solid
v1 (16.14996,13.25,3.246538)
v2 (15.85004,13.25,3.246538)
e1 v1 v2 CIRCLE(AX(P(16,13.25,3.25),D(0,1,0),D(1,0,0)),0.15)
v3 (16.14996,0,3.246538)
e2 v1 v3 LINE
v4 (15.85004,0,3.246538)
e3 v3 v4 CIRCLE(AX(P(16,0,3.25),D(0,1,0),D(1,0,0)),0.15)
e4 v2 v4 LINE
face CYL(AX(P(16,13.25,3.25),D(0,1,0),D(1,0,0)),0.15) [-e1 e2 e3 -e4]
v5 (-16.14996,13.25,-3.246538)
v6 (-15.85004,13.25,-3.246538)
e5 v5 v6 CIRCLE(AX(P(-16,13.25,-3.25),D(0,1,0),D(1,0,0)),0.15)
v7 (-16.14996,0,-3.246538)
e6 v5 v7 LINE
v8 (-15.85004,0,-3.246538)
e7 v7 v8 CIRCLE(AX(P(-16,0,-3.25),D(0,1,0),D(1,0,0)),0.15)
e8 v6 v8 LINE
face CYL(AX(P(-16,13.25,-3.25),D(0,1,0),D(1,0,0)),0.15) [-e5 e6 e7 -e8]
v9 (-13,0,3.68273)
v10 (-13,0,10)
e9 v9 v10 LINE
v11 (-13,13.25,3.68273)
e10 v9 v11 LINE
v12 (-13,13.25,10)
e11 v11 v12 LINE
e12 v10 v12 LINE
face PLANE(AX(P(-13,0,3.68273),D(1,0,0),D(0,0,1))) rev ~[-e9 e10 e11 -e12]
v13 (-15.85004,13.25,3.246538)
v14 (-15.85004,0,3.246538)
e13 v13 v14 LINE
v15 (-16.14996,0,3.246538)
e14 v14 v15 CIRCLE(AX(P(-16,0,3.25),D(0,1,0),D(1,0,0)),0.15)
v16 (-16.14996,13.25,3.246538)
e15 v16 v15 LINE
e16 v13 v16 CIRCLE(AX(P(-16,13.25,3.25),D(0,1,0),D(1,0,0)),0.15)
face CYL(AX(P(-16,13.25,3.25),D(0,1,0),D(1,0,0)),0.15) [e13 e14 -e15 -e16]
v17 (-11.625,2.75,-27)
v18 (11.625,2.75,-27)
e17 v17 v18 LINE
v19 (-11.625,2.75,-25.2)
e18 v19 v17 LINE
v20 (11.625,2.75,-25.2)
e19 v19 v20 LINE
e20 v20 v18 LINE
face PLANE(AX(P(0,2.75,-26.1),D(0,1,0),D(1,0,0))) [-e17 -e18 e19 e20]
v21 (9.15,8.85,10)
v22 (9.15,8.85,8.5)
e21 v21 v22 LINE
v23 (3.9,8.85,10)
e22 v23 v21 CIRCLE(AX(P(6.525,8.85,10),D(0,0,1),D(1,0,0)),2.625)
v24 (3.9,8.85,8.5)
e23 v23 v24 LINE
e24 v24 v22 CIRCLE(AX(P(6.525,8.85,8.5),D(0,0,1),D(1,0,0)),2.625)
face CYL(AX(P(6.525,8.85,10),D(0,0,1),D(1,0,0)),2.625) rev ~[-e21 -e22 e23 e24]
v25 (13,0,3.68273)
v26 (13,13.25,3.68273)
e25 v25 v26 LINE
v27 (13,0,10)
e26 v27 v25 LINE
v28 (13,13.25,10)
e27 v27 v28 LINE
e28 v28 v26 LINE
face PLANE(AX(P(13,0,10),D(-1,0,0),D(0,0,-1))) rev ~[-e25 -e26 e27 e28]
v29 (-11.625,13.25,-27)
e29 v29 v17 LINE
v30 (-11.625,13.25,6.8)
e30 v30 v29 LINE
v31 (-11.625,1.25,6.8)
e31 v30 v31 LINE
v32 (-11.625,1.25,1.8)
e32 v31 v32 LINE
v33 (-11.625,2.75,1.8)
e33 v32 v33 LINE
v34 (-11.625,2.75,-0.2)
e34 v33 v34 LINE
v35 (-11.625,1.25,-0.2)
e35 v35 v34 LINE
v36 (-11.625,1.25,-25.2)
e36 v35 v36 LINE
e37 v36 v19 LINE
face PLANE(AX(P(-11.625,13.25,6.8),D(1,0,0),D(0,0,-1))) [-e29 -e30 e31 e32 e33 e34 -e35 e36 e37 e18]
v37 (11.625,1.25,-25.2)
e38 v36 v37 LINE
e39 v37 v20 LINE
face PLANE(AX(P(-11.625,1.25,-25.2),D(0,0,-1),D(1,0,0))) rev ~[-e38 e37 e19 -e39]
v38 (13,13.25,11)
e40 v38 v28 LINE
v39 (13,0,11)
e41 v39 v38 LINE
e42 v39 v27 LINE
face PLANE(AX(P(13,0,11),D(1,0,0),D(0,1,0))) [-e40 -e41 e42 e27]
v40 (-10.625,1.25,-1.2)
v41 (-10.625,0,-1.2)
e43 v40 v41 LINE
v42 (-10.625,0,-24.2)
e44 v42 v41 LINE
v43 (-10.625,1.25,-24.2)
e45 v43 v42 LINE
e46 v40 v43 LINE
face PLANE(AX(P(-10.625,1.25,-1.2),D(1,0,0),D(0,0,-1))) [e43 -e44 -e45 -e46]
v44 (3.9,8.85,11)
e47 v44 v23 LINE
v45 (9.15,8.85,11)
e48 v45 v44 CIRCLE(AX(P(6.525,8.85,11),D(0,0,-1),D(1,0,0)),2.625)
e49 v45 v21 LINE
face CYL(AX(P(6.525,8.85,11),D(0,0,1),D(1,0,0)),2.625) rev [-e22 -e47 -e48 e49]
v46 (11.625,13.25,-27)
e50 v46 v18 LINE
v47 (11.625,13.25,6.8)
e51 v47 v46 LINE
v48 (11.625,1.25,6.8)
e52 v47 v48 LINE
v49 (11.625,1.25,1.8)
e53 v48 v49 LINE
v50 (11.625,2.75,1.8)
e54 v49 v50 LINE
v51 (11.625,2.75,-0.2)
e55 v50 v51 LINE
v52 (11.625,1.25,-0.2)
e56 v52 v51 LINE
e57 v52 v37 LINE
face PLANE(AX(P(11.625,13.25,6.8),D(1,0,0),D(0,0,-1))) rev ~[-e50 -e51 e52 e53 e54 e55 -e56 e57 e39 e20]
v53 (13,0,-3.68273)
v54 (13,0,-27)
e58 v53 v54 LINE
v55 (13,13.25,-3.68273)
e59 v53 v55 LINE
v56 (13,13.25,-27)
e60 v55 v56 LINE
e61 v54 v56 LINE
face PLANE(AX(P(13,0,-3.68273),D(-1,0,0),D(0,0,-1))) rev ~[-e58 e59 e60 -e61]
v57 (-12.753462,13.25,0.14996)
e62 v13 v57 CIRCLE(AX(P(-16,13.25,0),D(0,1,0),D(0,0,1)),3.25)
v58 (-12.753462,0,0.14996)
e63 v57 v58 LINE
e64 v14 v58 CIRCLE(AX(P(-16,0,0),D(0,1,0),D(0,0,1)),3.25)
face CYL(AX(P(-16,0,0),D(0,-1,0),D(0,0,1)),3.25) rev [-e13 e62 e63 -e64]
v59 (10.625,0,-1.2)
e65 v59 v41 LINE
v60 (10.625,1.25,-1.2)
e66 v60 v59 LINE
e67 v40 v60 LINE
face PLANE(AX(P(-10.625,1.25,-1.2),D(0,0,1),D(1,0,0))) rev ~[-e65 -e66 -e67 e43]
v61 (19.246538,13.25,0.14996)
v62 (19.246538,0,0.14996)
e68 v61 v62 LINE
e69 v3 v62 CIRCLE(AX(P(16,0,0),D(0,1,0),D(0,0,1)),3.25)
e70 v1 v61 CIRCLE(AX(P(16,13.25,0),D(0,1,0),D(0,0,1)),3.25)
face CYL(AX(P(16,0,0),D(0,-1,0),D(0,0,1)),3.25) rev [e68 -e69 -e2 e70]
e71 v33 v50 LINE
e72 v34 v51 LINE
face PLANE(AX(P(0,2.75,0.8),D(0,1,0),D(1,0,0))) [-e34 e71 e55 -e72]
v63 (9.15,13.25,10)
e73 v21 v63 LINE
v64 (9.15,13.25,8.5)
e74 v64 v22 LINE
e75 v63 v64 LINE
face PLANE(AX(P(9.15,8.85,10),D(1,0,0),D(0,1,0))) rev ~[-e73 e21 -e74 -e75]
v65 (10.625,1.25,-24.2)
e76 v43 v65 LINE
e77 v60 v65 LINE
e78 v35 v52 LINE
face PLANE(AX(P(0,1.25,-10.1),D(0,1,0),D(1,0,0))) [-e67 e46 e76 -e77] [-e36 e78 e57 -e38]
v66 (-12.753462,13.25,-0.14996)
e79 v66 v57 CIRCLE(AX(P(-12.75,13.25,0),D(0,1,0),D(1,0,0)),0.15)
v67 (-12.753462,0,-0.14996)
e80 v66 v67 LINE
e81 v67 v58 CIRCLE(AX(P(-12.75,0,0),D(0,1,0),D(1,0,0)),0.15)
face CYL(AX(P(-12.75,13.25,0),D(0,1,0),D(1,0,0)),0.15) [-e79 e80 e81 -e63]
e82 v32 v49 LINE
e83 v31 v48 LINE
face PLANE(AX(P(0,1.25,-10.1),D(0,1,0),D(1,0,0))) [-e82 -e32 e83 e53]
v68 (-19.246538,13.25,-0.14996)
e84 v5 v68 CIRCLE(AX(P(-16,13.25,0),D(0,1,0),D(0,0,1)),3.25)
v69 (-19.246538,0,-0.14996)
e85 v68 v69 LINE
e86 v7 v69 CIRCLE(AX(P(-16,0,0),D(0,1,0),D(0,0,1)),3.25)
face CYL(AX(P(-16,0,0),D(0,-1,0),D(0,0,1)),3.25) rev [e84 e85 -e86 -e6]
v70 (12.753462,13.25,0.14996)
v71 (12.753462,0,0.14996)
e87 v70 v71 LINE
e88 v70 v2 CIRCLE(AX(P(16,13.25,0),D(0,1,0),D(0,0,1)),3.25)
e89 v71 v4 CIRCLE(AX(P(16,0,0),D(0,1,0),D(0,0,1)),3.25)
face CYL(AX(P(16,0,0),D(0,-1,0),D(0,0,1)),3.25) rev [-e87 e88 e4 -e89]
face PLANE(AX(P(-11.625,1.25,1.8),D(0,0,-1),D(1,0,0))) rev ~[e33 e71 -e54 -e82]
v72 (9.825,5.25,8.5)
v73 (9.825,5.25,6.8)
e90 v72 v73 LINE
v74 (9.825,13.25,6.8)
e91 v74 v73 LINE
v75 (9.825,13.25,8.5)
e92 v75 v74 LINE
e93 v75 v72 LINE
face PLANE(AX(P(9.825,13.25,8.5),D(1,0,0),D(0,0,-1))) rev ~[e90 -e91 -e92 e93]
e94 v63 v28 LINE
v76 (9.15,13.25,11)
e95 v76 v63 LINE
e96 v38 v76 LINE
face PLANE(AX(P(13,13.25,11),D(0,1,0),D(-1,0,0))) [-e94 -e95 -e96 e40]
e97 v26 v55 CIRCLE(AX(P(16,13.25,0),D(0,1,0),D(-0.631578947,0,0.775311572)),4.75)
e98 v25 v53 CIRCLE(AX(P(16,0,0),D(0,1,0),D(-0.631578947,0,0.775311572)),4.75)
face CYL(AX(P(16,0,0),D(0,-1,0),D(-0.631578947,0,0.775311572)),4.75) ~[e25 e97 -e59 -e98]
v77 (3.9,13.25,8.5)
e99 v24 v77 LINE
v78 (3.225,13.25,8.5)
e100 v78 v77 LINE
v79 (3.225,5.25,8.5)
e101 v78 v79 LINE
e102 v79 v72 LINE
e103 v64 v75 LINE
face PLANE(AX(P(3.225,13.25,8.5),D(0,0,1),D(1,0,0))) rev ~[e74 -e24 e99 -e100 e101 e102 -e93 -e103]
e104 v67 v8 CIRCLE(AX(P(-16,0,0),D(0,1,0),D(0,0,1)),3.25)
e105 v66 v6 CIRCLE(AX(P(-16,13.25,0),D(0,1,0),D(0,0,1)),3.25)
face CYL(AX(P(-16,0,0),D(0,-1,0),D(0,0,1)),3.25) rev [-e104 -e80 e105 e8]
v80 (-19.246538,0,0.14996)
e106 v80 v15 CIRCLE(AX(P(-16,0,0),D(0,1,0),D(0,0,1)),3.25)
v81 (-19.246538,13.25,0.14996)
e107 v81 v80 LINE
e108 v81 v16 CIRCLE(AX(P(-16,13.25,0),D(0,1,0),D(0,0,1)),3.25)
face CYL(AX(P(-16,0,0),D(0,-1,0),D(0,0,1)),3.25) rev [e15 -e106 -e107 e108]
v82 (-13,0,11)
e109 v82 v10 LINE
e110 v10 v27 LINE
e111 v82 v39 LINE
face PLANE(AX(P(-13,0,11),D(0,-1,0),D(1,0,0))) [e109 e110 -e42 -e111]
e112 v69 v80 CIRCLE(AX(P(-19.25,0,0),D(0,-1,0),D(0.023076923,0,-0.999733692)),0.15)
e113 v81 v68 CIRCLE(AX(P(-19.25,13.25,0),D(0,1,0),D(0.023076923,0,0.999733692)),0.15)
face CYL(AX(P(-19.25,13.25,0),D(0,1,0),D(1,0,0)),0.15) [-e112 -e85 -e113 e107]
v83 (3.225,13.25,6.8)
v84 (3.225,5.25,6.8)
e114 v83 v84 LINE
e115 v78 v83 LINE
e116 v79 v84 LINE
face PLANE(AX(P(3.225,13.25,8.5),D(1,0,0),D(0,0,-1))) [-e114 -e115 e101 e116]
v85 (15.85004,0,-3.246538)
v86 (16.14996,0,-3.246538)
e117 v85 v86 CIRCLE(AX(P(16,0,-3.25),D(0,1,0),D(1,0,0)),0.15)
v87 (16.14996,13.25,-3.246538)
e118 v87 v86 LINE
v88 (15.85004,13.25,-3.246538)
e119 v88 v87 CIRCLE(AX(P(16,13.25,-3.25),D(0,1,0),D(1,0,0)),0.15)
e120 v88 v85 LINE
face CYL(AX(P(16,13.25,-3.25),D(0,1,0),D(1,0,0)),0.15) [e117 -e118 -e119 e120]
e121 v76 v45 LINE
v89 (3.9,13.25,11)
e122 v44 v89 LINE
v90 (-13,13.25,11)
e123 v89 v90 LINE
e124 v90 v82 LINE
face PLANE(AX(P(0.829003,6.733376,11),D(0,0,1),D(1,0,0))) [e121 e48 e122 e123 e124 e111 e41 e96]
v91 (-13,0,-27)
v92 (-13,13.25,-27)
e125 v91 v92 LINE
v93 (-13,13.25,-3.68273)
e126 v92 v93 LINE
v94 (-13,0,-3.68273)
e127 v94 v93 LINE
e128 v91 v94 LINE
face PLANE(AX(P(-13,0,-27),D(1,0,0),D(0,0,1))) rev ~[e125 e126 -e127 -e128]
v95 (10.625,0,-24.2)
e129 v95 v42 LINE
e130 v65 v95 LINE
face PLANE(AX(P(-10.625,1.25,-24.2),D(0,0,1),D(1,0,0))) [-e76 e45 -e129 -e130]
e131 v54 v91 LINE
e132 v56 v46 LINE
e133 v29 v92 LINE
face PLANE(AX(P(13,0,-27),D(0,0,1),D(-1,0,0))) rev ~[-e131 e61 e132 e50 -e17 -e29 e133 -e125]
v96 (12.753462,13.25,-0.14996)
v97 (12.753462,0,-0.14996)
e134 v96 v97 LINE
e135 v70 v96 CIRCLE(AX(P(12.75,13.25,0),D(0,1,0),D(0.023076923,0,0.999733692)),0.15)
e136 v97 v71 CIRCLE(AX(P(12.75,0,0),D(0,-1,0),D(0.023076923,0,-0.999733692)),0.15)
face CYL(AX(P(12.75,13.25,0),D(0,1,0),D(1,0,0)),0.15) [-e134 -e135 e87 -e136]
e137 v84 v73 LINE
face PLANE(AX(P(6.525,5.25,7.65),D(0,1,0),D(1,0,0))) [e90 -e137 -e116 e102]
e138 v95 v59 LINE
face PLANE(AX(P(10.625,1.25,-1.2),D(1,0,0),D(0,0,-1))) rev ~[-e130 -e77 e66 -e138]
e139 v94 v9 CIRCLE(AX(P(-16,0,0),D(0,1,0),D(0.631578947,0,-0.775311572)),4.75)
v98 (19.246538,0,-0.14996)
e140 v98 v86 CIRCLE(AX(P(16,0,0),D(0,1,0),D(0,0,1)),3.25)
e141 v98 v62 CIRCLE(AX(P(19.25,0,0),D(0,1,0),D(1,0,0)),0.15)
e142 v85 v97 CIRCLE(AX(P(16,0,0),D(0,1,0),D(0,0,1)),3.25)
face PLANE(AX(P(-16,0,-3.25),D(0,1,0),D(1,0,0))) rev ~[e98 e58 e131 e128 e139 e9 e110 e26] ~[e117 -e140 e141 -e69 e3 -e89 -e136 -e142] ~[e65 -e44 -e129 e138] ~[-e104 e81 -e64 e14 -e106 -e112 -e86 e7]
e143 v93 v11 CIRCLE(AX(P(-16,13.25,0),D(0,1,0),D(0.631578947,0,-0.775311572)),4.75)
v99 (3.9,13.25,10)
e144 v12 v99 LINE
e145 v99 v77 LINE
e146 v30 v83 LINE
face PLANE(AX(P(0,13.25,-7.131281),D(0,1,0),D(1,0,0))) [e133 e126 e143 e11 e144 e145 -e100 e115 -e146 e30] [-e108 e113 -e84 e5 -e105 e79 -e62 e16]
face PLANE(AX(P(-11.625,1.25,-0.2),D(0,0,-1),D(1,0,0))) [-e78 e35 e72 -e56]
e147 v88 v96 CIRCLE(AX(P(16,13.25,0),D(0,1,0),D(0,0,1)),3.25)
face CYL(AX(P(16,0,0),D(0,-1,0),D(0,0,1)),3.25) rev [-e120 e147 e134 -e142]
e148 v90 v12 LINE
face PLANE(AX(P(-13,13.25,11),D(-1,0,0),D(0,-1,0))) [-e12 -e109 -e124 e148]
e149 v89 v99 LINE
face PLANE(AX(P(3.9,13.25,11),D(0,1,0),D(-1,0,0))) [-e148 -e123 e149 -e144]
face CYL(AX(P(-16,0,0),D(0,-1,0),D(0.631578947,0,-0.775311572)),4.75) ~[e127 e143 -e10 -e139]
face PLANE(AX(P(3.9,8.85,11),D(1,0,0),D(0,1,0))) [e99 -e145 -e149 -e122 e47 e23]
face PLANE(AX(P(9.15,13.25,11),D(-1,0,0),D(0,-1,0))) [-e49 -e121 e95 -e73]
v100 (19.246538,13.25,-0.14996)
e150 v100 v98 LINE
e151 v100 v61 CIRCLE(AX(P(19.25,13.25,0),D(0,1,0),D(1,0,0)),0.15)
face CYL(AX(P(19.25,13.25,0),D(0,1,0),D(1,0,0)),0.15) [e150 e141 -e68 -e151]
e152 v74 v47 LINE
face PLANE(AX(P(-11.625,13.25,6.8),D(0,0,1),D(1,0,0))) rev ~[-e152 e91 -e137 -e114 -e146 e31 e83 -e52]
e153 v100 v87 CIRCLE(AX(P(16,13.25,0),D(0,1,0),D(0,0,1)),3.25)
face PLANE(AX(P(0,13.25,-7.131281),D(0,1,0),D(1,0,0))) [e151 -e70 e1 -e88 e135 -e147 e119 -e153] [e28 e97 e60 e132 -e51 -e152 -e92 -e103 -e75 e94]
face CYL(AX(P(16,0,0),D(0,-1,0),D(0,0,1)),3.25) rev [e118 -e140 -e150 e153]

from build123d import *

# Parameters (mm, degrees)
SKETCH1_R           = 3.25
BOSS_EXTRUDE1_DEPTH = 13.25
SKETCH2_W           = 23.25
SKETCH2_H           = 33.8
CUT_EXTRUDE1_DEPTH  = 12
CUT_EXTRUDE2_REACH  = 46.442
SKETCH3_R           = 2.625
SKETCH4_W           = 6.6
SKETCH4_H           = 1.7
CUT_EXTRUDE3_DEPTH  = 8
SKETCH5_W           = 23.25
SKETCH5_H           = 2
SKETCH5_H_2         = 1.8
BOSS_EXTRUDE2_DEPTH = 1.5
CUT_EXTRUDE4_REACH  = 38.105
SKETCH6_W           = 21.25
SKETCH6_H           = 23
SKETCH7_R           = 0.15
BOSS_EXTRUDE3_DEPTH = 13.25
BOSS_EXTRUDE4_START = 1
BOSS_EXTRUDE4_DEPTH = 1


with BuildPart() as part:
    # Sketch1 → Boss-Extrude1 (new body)
    with BuildSketch(Plane(origin=(0, 0, 0), x_dir=(1, 0, 0), z_dir=(0, 1, 0))):
        with BuildLine():
            Line((13, 27), (-13, 27))
            Line((-13, 27), (-13, 3.682729966))
            ThreePointArc((-13, 3.682729966), (-20.75, 0), (-13, -3.682729966))
            Line((-13, -3.682729966), (-13, -10))
            Line((-13, -10), (13, -10))
            Line((13, -10), (13, -3.682729966))
            ThreePointArc((13, -3.682729966), (20.75, 0), (13, 3.682729966))
            Line((13, 3.682729966), (13, 27))
        make_face()
        with Locations(Location((-16, 0, 0), (0, 0, 270))):
            Circle(SKETCH1_R, mode=Mode.SUBTRACT)
        with Locations(Location((16, 0, 0), (0, 0, 270))):
            Circle(SKETCH1_R, mode=Mode.SUBTRACT)
    extrude(amount=BOSS_EXTRUDE1_DEPTH)

    # Sketch2 → Cut-Extrude1 (cut)
    with BuildSketch(Plane(origin=(0, 13.25, 0), x_dir=(1, 0, 0), z_dir=(0, 1, 0))):
        with Locations((0, 10.1)):
            Rectangle(SKETCH2_W, SKETCH2_H)
    extrude(amount=-CUT_EXTRUDE1_DEPTH, mode=Mode.SUBTRACT)

    # Sketch3 → Cut-Extrude2 (cut, up to next)
    with BuildSketch(Plane.XY.offset(10), mode=Mode.PRIVATE) as cut_extrude2_sk1:
        with BuildLine():
            Line((3.9, 13.25), (3.9, 8.85))
            ThreePointArc((3.9, 8.85), (6.525, 11.475), (9.15, 8.85))
            Line((9.15, 8.85), (9.15, 13.25))
            Line((9.15, 13.25), (3.9, 13.25))
        make_face()
    cut_extrude2_tool1 = extrude(cut_extrude2_sk1.sketch, amount=-CUT_EXTRUDE2_REACH, mode=Mode.PRIVATE) & part.part
    # Sketch3 → Cut-Extrude2 (cut, up to next)
    with BuildSketch(Plane.XY.offset(10), mode=Mode.PRIVATE) as cut_extrude2_sk2:
        with Locations((6.525, 8.85)):
            Circle(SKETCH3_R)
    cut_extrude2_tool2 = extrude(cut_extrude2_sk2.sketch, amount=-CUT_EXTRUDE2_REACH, mode=Mode.PRIVATE) & part.part
    add(cut_extrude2_tool1.solids().sort_by_distance((6.525, 12.007435, 10))[0], mode=Mode.SUBTRACT)
    add(cut_extrude2_tool2.solids().sort_by_distance((6.525, 8.85, 10))[0], mode=Mode.SUBTRACT)

    # Sketch4 → Cut-Extrude3 (cut)
    with BuildSketch(Plane(origin=(0, 13.25, 0), x_dir=(1, 0, 0), z_dir=(0, 1, 0))):
        with Locations((6.525, -7.65)):
            Rectangle(SKETCH4_W, SKETCH4_H)
    extrude(amount=-CUT_EXTRUDE3_DEPTH, mode=Mode.SUBTRACT)

    # Sketch5 → Boss-Extrude2 (add)
    with BuildSketch(Plane(origin=(0, 1.25, 0), x_dir=(1, 0, 0), z_dir=(0, 1, 0))):
        with Locations((0, -0.8)):
            Rectangle(SKETCH5_W, SKETCH5_H)
        with Locations((0, 26.1)):
            Rectangle(SKETCH5_W, SKETCH5_H_2)
    extrude(amount=BOSS_EXTRUDE2_DEPTH)

    # Sketch6 → Cut-Extrude4 (cut, up to next)
    with BuildSketch(Plane(origin=(0, 1.25, 0), x_dir=(1, 0, 0), z_dir=(0, 1, 0)), mode=Mode.PRIVATE) as cut_extrude4_sk1:
        with Locations((0, 12.7)):
            Rectangle(SKETCH6_W, SKETCH6_H)
    cut_extrude4_tool1 = extrude(cut_extrude4_sk1.sketch, amount=-CUT_EXTRUDE4_REACH, mode=Mode.PRIVATE) & part.part
    add(cut_extrude4_tool1.solids().sort_by_distance((0, 1.25, -12.7))[0], mode=Mode.SUBTRACT)

    # Sketch7 → Boss-Extrude3 (add)
    with BuildSketch(Plane(origin=(0, 13.25, 0), x_dir=(1, 0, 0), z_dir=(0, 1, 0))):
        with Locations((-16, 3.25)):
            Circle(SKETCH7_R)
        with Locations((-19.25, 0)):
            Circle(SKETCH7_R)
        with Locations((-12.75, 0)):
            Circle(SKETCH7_R)
        with Locations((-16, -3.25)):
            Circle(SKETCH7_R)
        with Locations((16, -3.25)):
            Circle(SKETCH7_R)
        with Locations((12.75, 0)):
            Circle(SKETCH7_R)
        with Locations((19.25, 0)):
            Circle(SKETCH7_R)
        with Locations((16, 3.25)):
            Circle(SKETCH7_R)
    extrude(amount=-BOSS_EXTRUDE3_DEPTH)

    # Sketch8 → Boss-Extrude4 (add)
    with BuildSketch(Plane.XY.offset(10).offset(BOSS_EXTRUDE4_START)):
        with BuildLine():
            Line((3.9, 8.85), (3.9, 13.25))
            Line((3.9, 13.25), (-13, 13.25))
            Line((-13, 13.25), (-13, 0))
            Line((-13, 0), (13, 0))
            Line((13, 0), (13, 13.25))
            Line((13, 13.25), (9.15, 13.25))
            Line((9.15, 13.25), (9.15, 8.85))
            ThreePointArc((9.15, 8.85), (6.525, 6.225), (3.9, 8.85))
        make_face()
    extrude(amount=-BOSS_EXTRUDE4_DEPTH)


solid = part.part
